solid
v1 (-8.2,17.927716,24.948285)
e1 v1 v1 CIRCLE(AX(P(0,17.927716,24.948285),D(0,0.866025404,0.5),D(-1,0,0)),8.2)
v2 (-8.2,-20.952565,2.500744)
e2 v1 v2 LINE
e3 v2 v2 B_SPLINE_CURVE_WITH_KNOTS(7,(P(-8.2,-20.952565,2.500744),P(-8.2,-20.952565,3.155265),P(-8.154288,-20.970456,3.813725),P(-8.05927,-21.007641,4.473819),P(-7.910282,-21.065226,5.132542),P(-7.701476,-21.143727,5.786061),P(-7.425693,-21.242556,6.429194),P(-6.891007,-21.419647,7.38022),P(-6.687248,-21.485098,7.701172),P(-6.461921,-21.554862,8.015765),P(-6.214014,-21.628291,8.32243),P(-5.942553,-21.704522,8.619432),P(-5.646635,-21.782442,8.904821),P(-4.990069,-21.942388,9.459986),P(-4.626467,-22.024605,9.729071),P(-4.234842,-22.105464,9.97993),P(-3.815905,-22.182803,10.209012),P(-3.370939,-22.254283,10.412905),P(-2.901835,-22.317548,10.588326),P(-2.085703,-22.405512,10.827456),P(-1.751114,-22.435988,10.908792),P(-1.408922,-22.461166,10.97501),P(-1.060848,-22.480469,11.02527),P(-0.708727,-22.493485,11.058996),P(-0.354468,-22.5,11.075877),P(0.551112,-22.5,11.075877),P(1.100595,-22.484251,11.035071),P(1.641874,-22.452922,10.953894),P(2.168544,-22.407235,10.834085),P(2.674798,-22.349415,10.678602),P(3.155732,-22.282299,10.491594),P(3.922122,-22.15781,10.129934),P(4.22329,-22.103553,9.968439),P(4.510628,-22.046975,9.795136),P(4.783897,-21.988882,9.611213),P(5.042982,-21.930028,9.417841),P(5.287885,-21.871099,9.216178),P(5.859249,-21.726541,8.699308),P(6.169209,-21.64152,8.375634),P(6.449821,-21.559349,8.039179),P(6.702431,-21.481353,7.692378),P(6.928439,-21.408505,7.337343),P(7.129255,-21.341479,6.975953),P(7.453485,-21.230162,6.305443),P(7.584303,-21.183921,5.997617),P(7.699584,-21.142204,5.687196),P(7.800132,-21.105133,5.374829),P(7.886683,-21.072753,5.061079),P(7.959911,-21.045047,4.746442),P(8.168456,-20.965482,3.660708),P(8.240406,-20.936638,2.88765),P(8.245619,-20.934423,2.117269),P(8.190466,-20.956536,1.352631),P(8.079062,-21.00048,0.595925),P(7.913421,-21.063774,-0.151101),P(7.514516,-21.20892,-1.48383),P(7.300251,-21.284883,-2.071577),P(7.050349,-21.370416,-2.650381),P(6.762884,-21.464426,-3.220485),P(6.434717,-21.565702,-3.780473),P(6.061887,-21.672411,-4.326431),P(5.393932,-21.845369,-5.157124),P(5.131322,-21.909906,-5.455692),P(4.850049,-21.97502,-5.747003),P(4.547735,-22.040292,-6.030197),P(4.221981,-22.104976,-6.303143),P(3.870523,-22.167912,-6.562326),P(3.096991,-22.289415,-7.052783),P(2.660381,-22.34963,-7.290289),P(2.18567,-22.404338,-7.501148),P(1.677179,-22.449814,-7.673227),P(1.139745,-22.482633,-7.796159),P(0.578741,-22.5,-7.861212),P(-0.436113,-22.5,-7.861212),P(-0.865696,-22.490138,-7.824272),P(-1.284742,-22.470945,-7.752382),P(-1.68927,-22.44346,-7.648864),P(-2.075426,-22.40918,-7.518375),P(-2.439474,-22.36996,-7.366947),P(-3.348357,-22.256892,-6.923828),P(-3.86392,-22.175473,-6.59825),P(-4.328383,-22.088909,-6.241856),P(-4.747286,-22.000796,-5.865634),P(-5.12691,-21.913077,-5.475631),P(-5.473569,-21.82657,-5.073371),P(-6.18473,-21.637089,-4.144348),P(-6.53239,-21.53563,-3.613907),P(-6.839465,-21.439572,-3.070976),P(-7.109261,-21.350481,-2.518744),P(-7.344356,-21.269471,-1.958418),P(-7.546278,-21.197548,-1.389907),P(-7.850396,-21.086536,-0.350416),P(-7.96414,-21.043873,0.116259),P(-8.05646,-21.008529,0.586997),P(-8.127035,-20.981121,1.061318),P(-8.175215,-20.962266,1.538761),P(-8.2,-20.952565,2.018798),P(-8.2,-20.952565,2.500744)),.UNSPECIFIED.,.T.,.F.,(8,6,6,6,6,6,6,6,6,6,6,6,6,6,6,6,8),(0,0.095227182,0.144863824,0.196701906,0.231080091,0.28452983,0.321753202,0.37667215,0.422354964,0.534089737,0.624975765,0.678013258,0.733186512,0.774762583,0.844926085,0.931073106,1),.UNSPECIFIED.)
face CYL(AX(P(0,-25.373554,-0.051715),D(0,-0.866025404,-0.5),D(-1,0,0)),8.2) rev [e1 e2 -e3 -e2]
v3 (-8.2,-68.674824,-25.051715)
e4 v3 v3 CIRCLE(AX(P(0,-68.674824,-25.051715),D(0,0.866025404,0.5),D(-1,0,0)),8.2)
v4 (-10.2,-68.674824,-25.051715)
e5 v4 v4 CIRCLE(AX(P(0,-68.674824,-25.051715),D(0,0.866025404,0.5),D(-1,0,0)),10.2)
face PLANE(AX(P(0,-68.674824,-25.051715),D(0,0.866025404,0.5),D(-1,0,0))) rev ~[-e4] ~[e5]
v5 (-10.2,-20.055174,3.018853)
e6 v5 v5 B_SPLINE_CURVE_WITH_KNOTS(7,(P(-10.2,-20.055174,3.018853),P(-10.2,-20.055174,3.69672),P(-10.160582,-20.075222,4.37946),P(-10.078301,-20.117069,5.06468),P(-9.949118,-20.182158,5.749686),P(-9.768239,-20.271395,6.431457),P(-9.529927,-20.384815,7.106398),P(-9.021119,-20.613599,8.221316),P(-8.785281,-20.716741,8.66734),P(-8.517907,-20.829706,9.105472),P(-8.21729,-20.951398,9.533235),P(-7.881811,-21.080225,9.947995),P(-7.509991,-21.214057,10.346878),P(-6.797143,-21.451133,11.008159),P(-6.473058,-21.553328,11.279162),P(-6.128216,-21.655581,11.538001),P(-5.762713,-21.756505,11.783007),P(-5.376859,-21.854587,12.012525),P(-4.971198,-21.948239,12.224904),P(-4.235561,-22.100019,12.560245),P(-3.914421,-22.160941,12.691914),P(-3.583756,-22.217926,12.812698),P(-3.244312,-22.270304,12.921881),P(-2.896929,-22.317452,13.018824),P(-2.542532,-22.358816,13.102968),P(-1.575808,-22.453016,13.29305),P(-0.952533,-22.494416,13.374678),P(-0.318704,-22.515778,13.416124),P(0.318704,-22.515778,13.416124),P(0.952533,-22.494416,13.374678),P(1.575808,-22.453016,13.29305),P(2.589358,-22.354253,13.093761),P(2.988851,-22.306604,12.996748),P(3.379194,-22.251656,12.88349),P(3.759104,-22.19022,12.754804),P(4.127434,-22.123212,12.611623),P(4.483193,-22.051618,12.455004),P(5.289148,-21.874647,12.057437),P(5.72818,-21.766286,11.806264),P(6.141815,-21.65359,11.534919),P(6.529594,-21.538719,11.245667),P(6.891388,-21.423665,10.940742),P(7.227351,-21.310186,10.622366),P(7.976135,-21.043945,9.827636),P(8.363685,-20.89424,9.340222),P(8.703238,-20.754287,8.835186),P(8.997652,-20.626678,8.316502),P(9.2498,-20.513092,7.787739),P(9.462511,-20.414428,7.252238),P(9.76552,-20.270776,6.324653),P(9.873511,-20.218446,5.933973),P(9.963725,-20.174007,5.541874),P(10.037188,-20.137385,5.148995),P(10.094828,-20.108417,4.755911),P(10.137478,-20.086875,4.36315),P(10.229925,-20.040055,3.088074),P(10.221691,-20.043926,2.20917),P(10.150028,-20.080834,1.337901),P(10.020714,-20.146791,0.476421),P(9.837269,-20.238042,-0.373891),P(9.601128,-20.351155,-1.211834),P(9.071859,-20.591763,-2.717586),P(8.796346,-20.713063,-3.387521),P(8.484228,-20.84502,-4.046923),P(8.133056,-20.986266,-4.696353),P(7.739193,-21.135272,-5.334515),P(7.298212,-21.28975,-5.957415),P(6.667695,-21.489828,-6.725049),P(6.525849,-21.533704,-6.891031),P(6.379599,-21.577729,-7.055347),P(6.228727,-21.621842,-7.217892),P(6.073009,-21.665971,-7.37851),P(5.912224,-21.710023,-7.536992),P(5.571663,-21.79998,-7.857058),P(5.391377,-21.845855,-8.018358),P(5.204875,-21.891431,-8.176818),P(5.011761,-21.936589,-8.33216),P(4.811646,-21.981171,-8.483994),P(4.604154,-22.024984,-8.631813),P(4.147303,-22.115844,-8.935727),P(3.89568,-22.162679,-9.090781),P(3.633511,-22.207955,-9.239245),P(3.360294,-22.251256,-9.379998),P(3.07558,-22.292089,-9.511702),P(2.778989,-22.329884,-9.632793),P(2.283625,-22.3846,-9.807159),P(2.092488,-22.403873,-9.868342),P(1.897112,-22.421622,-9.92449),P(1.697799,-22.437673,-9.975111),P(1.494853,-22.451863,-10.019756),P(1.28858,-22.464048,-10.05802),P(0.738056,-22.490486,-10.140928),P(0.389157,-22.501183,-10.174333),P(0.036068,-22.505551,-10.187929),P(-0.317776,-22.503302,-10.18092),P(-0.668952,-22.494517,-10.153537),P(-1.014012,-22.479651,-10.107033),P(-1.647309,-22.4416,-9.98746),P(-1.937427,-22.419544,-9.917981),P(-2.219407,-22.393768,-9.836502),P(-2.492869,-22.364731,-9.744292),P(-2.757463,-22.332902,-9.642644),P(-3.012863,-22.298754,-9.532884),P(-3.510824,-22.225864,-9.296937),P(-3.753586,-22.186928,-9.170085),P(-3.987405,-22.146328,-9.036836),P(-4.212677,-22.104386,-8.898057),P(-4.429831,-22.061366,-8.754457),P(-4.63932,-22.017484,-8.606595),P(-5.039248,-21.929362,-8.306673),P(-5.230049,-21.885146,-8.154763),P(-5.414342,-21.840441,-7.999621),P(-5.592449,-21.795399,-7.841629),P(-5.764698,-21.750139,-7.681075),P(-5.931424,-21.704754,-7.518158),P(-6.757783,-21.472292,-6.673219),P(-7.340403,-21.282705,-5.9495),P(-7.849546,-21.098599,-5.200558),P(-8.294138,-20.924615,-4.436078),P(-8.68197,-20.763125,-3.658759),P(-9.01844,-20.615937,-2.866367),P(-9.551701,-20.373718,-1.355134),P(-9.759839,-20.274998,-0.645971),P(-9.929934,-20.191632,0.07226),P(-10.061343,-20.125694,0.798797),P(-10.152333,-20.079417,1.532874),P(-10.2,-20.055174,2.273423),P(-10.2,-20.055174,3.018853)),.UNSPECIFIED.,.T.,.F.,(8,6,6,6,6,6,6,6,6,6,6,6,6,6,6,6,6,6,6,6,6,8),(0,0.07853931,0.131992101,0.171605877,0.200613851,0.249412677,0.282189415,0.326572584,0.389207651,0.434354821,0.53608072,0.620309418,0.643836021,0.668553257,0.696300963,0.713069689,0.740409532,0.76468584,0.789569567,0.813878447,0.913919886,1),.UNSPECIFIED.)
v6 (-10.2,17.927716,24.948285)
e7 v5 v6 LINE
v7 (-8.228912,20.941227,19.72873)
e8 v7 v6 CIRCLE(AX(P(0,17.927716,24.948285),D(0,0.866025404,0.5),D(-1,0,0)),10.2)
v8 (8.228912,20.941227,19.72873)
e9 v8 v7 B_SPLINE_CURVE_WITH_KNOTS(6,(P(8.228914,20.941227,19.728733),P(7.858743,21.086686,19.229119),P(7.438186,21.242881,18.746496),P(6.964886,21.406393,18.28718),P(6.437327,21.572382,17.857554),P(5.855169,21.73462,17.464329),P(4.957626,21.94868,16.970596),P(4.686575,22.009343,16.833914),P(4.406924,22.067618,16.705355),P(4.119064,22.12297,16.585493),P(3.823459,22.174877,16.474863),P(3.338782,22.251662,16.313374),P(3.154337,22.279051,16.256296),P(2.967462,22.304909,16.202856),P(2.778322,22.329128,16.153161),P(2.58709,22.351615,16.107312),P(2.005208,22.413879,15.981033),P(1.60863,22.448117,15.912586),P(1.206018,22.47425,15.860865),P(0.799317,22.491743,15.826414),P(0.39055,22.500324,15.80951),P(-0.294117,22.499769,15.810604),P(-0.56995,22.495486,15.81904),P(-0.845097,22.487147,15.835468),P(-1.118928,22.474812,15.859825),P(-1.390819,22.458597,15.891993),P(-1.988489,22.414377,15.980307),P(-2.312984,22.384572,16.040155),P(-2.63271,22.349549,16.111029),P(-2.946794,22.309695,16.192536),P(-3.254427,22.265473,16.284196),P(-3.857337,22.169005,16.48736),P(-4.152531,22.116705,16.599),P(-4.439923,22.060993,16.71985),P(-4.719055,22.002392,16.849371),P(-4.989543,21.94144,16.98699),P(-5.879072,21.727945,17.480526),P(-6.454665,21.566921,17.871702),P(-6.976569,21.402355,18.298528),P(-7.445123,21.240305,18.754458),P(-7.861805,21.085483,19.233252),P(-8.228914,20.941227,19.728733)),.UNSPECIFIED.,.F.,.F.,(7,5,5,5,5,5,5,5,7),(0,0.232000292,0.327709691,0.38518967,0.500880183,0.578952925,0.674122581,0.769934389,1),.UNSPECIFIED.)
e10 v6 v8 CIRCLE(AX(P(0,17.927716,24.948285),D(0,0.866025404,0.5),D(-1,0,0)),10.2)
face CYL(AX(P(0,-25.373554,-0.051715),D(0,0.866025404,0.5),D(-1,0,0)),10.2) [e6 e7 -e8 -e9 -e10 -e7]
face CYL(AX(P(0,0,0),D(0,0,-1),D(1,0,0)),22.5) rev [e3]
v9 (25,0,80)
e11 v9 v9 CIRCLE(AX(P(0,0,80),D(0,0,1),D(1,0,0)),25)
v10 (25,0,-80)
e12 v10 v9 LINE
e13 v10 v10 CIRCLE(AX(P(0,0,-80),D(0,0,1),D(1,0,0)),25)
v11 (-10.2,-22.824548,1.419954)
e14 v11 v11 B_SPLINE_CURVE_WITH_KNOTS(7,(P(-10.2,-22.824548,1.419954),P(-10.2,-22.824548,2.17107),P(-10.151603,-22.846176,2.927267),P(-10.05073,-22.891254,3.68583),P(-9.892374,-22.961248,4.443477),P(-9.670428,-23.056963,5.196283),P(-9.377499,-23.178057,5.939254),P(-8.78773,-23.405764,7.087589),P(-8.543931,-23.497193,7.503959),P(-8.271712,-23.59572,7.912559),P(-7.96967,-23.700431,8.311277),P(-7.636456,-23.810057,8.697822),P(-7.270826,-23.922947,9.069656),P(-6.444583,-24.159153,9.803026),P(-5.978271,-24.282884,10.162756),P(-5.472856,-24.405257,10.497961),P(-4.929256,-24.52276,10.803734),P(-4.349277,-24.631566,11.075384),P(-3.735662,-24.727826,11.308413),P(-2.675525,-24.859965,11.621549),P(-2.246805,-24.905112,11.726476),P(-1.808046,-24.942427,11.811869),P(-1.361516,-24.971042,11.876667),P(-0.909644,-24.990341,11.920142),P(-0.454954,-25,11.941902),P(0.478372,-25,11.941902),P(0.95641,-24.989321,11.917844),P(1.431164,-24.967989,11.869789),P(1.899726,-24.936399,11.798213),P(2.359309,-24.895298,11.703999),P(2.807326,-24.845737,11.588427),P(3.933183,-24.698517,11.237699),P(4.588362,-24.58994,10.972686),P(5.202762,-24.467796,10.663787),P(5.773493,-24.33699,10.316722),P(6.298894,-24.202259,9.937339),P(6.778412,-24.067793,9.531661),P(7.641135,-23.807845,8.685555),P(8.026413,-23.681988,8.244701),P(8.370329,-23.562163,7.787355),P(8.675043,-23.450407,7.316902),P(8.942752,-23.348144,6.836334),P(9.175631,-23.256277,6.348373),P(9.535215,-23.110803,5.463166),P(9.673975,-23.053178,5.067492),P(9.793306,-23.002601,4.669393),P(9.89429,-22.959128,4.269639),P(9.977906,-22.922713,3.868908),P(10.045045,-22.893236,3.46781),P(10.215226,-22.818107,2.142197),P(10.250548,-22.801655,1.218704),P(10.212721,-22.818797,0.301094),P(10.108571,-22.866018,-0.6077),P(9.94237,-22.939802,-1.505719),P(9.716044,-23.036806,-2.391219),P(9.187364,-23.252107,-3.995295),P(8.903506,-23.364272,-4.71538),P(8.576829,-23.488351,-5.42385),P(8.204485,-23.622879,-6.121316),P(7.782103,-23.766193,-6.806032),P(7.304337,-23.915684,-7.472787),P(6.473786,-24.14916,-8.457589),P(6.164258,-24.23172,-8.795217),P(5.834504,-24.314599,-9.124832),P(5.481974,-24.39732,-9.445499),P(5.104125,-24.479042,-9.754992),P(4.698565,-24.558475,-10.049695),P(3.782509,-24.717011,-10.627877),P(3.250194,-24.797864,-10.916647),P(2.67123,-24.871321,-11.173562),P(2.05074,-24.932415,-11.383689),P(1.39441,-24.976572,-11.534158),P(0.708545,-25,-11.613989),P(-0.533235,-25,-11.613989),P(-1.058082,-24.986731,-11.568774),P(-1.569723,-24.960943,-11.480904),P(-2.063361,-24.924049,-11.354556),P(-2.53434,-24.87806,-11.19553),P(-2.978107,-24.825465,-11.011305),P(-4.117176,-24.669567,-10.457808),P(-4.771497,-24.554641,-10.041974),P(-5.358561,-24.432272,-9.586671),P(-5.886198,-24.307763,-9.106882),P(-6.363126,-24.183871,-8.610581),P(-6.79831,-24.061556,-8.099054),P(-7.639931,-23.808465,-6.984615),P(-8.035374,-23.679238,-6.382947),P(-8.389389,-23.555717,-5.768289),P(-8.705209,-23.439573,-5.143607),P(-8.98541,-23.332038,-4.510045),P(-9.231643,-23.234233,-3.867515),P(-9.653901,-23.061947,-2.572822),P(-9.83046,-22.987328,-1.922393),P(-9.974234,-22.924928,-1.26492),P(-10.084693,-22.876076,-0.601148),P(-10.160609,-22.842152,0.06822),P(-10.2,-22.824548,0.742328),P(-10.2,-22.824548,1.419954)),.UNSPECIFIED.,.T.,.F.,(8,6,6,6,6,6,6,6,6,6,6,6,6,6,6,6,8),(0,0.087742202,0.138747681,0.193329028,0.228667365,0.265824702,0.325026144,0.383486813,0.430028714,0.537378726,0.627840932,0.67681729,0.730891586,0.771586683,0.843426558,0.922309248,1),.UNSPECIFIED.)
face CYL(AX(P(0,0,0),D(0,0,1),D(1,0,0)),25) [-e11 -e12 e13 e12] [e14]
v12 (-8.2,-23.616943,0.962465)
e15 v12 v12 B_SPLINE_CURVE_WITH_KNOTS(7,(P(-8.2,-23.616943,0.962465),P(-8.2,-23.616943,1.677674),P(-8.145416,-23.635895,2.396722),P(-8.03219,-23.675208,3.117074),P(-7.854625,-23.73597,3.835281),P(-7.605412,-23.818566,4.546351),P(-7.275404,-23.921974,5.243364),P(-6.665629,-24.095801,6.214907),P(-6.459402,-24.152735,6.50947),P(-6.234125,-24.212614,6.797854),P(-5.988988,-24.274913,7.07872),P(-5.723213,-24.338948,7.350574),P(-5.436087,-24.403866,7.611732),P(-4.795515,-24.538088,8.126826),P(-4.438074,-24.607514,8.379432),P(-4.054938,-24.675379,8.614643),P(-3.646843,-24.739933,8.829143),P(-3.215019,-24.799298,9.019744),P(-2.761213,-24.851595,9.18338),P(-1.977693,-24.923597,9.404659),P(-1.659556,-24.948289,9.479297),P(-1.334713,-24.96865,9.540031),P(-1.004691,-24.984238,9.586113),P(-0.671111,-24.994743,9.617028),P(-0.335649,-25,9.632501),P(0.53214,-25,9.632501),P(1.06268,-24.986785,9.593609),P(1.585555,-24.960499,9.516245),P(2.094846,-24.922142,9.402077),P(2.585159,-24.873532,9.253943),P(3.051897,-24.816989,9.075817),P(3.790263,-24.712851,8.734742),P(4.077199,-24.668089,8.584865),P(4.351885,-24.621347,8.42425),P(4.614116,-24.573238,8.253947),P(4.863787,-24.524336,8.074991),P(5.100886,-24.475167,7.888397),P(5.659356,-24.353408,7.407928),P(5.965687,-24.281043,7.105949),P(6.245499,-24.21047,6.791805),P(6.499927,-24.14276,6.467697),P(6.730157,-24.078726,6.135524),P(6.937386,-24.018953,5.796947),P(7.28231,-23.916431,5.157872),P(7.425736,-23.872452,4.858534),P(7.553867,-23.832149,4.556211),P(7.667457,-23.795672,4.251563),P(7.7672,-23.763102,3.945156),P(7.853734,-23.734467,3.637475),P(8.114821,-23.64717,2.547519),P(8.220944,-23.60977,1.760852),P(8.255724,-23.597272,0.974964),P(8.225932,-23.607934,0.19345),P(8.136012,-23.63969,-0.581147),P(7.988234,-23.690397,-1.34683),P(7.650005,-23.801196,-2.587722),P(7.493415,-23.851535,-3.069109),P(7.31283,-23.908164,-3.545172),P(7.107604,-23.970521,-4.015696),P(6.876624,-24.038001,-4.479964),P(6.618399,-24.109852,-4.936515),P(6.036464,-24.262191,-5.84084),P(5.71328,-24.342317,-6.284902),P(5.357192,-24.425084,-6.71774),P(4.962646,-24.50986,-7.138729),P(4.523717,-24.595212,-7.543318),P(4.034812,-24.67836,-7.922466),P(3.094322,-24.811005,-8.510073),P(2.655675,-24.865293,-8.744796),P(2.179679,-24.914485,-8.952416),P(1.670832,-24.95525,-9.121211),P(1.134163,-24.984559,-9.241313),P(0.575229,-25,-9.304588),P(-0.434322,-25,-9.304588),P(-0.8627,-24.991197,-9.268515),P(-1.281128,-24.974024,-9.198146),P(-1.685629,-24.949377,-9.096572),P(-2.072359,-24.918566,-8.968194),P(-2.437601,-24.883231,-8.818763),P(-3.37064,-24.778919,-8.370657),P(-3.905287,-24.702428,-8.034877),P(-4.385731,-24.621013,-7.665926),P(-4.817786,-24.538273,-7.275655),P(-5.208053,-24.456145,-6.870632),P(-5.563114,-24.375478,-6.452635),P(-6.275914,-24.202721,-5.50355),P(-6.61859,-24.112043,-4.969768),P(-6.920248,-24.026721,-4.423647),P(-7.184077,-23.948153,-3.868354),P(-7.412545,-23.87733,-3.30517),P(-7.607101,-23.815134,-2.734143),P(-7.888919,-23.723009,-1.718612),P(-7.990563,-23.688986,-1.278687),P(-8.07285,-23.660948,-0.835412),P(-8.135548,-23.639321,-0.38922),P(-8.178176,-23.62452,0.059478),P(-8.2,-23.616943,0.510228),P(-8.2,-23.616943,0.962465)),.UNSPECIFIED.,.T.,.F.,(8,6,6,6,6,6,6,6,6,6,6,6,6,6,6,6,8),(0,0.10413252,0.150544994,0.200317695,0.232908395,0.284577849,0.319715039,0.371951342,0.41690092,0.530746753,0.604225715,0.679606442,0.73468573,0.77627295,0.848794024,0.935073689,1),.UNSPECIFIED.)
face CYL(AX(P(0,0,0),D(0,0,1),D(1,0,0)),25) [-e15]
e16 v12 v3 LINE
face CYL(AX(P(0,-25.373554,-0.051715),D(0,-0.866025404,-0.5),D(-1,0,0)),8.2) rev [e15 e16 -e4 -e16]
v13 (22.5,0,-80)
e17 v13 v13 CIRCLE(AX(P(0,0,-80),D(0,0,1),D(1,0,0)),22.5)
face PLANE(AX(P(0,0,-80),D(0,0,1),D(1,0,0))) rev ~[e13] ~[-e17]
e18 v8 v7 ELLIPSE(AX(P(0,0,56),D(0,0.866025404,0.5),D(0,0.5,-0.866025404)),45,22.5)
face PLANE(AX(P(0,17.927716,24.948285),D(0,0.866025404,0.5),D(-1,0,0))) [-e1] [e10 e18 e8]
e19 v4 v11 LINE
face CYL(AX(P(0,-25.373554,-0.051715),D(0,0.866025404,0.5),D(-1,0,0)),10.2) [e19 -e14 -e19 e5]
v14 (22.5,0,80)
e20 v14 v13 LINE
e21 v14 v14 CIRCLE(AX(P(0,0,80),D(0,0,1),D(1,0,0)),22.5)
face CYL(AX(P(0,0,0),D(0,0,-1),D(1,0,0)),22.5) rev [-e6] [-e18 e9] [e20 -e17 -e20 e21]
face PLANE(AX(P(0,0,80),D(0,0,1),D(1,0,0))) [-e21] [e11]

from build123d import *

# Parameters (mm, degrees)
F0_R     = 25
F0_R_2   = 22.5
F1_DEPTH = 80
F5_R     = 10.2
F5_R_2   = 8.2
F6_DEPTH = 50


with BuildPart() as f1:
    # F0 (on Top) → F1 (new body, symmetric)
    with BuildSketch(Plane.XY):
        Circle(F0_R)
        Circle(F0_R_2, mode=Mode.SUBTRACT)
    extrude(amount=F1_DEPTH, both=True)

    # F5 (on offset) → F6 (join, symmetric)
    with BuildSketch(Plane(origin=(0, -19.0525588833, -11), x_dir=(-1, 0, 0), z_dir=(0, 0.8660254038, 0.5))):
        with Locations((0, 12.6419905573)):
            Circle(F5_R)
        with Locations((0, 12.6419905573)):
            Circle(F5_R_2, mode=Mode.SUBTRACT)
    extrude(amount=F6_DEPTH, both=True)


solid = f1.part
